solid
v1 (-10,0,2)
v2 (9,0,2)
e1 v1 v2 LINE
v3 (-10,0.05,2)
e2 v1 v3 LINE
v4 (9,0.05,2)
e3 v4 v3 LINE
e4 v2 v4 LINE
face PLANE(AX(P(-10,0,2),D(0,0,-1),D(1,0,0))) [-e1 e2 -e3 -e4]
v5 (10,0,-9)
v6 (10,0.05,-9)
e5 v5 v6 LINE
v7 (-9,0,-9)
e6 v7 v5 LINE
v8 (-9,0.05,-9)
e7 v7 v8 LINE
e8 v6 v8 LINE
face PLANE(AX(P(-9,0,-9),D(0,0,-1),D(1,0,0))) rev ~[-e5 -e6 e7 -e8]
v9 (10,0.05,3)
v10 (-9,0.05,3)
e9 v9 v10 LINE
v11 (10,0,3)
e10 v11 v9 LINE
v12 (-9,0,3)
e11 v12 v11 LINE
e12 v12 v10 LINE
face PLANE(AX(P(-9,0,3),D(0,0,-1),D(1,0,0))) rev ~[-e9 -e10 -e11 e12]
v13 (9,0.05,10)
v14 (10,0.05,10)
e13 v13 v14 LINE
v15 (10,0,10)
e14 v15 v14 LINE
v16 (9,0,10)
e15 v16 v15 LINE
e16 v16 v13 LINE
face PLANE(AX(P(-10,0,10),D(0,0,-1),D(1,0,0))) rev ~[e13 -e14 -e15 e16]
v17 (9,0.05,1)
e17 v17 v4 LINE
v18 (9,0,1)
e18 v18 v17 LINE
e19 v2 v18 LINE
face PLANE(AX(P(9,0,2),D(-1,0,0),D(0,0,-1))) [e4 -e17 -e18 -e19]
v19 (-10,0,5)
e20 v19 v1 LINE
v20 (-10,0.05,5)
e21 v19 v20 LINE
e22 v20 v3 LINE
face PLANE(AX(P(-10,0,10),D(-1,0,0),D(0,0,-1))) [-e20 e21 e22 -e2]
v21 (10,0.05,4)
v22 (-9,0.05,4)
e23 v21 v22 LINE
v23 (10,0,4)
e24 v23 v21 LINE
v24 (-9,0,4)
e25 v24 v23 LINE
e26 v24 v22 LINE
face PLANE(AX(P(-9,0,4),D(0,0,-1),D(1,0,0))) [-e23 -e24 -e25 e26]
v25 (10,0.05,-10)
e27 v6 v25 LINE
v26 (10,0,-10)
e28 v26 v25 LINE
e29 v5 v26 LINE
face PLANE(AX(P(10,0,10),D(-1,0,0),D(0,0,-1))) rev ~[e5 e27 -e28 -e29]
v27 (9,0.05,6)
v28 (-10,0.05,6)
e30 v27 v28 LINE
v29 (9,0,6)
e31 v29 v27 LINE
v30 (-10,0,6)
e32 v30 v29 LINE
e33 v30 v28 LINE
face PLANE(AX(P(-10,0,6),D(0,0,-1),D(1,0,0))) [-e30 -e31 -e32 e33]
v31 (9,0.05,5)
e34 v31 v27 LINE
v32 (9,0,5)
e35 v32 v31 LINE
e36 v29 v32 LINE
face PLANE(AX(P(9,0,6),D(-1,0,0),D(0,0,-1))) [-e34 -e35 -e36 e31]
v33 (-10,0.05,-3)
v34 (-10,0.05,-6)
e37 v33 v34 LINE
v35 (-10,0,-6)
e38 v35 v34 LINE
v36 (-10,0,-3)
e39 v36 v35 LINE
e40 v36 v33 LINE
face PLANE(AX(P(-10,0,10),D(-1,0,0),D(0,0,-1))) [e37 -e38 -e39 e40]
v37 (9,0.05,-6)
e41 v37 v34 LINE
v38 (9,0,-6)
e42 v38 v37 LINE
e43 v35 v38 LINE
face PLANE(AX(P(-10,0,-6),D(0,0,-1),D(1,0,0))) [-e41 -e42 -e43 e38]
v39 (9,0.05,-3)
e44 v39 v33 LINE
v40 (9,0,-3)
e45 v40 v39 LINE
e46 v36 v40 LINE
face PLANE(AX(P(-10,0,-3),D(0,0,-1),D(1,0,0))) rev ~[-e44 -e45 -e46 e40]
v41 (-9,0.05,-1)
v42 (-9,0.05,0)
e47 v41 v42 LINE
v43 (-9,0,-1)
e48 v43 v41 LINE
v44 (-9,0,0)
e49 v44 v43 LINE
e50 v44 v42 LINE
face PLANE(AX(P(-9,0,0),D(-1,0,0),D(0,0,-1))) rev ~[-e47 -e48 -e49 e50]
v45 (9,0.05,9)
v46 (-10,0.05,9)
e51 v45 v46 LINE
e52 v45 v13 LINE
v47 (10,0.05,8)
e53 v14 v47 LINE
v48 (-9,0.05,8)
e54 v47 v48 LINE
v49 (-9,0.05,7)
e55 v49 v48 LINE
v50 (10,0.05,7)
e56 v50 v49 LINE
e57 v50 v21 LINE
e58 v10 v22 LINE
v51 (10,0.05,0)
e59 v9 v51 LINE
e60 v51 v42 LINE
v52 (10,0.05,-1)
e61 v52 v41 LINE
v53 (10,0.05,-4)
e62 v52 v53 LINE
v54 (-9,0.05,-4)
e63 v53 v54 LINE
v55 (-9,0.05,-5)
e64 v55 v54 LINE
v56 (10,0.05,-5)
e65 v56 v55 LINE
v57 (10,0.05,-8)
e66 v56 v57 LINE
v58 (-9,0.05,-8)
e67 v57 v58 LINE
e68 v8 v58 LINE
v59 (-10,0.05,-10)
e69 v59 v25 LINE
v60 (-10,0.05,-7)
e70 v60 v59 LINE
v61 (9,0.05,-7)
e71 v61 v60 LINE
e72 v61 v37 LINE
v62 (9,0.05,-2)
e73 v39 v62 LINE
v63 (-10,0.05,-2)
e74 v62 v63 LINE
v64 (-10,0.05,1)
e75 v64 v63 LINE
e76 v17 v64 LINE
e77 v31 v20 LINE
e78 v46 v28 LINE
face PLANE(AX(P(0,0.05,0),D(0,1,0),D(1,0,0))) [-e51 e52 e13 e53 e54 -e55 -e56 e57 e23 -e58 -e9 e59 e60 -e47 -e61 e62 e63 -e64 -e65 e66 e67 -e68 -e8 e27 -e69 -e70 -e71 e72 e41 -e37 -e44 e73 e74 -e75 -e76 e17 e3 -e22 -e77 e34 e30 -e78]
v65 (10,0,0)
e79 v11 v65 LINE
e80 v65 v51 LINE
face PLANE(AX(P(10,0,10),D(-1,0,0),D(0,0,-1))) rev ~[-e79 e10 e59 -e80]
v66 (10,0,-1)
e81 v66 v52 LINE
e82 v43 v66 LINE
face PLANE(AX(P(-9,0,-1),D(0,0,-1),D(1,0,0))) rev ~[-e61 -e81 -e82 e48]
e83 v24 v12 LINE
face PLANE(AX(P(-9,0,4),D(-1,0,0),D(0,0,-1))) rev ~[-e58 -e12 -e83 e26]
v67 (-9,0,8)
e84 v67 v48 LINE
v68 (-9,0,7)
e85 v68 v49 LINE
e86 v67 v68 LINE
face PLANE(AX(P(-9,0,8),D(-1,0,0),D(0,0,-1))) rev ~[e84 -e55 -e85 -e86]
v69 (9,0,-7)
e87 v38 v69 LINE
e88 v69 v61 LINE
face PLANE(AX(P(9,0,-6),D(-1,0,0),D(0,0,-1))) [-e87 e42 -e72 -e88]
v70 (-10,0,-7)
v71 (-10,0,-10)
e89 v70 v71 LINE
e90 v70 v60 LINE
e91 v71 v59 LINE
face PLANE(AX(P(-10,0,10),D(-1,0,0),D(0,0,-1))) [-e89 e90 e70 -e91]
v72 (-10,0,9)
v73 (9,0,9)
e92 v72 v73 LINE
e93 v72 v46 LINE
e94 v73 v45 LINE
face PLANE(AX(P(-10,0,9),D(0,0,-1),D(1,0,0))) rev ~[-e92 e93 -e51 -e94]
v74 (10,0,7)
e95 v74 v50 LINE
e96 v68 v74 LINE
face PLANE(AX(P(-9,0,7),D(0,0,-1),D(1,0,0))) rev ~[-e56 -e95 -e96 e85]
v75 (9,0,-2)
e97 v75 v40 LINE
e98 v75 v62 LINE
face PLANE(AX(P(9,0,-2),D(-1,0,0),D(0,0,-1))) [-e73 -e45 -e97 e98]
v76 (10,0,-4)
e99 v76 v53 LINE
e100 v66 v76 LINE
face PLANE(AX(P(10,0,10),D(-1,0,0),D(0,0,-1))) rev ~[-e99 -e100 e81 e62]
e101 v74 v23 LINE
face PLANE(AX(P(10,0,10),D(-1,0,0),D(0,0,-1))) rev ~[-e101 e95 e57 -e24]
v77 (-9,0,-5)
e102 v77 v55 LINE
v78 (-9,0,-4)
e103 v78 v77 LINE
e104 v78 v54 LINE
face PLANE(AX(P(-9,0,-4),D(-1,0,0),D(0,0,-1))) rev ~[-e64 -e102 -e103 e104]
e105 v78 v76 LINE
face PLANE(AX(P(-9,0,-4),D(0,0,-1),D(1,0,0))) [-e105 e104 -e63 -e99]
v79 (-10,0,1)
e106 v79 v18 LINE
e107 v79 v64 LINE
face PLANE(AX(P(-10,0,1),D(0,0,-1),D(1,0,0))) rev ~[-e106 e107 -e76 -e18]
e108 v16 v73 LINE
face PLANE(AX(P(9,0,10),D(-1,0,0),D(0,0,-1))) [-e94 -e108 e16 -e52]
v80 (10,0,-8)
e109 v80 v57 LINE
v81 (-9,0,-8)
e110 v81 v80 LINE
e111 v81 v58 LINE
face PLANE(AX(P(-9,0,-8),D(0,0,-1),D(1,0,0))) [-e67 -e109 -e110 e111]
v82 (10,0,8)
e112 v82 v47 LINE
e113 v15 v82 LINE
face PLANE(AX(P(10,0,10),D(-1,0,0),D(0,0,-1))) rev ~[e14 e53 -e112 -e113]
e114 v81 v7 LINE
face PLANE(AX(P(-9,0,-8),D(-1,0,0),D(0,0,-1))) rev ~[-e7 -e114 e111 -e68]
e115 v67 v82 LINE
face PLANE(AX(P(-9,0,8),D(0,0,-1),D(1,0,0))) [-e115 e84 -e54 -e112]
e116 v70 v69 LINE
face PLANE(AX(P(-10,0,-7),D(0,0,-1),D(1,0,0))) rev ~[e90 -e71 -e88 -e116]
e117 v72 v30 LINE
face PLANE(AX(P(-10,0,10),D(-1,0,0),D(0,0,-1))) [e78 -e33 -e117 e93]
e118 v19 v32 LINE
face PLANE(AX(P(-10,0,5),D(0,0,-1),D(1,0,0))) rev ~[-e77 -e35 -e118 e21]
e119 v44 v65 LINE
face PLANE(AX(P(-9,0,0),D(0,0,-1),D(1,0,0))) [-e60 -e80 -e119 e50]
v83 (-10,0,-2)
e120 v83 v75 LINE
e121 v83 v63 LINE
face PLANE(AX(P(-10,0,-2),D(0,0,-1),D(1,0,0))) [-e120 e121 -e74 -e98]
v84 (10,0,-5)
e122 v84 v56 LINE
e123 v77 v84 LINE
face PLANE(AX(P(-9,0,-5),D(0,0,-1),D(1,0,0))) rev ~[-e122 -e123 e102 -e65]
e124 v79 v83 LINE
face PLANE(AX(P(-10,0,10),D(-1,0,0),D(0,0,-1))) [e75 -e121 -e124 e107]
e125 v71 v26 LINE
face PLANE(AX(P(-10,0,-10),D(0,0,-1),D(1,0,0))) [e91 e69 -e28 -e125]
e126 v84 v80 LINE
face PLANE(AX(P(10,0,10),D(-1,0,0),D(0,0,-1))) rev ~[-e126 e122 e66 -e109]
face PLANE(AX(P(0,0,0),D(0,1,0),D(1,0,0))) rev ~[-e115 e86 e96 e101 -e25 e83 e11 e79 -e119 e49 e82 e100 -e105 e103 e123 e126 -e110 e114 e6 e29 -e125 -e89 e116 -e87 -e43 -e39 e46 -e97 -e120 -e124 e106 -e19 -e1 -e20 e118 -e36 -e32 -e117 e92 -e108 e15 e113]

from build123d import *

# Parameters (mm, degrees)
BASE_D_W            = 20
BASE_D_H            = 20
BOSS_EXTRUDE1_DEPTH = 0.05
CUTR_W              = 19
CUTR_H              = 1
CUTRIGHT_DEPTH      = 15.142224012
CUTL_W              = 19
CUTL_H              = 1
CUTLEFT_DEPTH       = 15.142224012
PATT_RIGHT_COUNT    = 5
PATT_RIGHT_PITCH    = 4
PATT_LEFT_COUNT     = 5
PATT_LEFT_PITCH     = 4


with BuildPart() as part:
    # Base D → Boss-Extrude1 (new body)
    with BuildSketch(Plane(origin=(0, 0, 0), x_dir=(1, 0, 0), z_dir=(0, 1, 0))):
        Rectangle(BASE_D_W, BASE_D_H)
    extrude(amount=BOSS_EXTRUDE1_DEPTH)

    # cutR → CutRight (cut, through all)
    with BuildSketch(Plane(origin=(0, 0, 0), x_dir=(1, 0, 0), z_dir=(0, 1, 0))):
        with Locations((0.5, 8.5)):
            Rectangle(CUTR_W, CUTR_H)
    cutright = extrude(amount=CUTRIGHT_DEPTH, mode=Mode.SUBTRACT)

    # cutL → CutLeft (cut, through all)
    with BuildSketch(Plane(origin=(0, 0, 0), x_dir=(1, 0, 0), z_dir=(0, 1, 0))):
        with Locations((-0.5, 6.5)):
            Rectangle(CUTL_W, CUTL_H)
    cutleft = extrude(amount=CUTLEFT_DEPTH, mode=Mode.SUBTRACT)

    # Patt Right: CutRight ×5
    with Locations(*[(0, 0, i * PATT_RIGHT_PITCH) for i in range(1, PATT_RIGHT_COUNT)]):
        add(cutright, mode=Mode.SUBTRACT)

    # Patt Left: CutLeft ×5
    with Locations(*[(0, 0, i * PATT_LEFT_PITCH) for i in range(1, PATT_LEFT_COUNT)]):
        add(cutleft, mode=Mode.SUBTRACT)


solid = part.part
